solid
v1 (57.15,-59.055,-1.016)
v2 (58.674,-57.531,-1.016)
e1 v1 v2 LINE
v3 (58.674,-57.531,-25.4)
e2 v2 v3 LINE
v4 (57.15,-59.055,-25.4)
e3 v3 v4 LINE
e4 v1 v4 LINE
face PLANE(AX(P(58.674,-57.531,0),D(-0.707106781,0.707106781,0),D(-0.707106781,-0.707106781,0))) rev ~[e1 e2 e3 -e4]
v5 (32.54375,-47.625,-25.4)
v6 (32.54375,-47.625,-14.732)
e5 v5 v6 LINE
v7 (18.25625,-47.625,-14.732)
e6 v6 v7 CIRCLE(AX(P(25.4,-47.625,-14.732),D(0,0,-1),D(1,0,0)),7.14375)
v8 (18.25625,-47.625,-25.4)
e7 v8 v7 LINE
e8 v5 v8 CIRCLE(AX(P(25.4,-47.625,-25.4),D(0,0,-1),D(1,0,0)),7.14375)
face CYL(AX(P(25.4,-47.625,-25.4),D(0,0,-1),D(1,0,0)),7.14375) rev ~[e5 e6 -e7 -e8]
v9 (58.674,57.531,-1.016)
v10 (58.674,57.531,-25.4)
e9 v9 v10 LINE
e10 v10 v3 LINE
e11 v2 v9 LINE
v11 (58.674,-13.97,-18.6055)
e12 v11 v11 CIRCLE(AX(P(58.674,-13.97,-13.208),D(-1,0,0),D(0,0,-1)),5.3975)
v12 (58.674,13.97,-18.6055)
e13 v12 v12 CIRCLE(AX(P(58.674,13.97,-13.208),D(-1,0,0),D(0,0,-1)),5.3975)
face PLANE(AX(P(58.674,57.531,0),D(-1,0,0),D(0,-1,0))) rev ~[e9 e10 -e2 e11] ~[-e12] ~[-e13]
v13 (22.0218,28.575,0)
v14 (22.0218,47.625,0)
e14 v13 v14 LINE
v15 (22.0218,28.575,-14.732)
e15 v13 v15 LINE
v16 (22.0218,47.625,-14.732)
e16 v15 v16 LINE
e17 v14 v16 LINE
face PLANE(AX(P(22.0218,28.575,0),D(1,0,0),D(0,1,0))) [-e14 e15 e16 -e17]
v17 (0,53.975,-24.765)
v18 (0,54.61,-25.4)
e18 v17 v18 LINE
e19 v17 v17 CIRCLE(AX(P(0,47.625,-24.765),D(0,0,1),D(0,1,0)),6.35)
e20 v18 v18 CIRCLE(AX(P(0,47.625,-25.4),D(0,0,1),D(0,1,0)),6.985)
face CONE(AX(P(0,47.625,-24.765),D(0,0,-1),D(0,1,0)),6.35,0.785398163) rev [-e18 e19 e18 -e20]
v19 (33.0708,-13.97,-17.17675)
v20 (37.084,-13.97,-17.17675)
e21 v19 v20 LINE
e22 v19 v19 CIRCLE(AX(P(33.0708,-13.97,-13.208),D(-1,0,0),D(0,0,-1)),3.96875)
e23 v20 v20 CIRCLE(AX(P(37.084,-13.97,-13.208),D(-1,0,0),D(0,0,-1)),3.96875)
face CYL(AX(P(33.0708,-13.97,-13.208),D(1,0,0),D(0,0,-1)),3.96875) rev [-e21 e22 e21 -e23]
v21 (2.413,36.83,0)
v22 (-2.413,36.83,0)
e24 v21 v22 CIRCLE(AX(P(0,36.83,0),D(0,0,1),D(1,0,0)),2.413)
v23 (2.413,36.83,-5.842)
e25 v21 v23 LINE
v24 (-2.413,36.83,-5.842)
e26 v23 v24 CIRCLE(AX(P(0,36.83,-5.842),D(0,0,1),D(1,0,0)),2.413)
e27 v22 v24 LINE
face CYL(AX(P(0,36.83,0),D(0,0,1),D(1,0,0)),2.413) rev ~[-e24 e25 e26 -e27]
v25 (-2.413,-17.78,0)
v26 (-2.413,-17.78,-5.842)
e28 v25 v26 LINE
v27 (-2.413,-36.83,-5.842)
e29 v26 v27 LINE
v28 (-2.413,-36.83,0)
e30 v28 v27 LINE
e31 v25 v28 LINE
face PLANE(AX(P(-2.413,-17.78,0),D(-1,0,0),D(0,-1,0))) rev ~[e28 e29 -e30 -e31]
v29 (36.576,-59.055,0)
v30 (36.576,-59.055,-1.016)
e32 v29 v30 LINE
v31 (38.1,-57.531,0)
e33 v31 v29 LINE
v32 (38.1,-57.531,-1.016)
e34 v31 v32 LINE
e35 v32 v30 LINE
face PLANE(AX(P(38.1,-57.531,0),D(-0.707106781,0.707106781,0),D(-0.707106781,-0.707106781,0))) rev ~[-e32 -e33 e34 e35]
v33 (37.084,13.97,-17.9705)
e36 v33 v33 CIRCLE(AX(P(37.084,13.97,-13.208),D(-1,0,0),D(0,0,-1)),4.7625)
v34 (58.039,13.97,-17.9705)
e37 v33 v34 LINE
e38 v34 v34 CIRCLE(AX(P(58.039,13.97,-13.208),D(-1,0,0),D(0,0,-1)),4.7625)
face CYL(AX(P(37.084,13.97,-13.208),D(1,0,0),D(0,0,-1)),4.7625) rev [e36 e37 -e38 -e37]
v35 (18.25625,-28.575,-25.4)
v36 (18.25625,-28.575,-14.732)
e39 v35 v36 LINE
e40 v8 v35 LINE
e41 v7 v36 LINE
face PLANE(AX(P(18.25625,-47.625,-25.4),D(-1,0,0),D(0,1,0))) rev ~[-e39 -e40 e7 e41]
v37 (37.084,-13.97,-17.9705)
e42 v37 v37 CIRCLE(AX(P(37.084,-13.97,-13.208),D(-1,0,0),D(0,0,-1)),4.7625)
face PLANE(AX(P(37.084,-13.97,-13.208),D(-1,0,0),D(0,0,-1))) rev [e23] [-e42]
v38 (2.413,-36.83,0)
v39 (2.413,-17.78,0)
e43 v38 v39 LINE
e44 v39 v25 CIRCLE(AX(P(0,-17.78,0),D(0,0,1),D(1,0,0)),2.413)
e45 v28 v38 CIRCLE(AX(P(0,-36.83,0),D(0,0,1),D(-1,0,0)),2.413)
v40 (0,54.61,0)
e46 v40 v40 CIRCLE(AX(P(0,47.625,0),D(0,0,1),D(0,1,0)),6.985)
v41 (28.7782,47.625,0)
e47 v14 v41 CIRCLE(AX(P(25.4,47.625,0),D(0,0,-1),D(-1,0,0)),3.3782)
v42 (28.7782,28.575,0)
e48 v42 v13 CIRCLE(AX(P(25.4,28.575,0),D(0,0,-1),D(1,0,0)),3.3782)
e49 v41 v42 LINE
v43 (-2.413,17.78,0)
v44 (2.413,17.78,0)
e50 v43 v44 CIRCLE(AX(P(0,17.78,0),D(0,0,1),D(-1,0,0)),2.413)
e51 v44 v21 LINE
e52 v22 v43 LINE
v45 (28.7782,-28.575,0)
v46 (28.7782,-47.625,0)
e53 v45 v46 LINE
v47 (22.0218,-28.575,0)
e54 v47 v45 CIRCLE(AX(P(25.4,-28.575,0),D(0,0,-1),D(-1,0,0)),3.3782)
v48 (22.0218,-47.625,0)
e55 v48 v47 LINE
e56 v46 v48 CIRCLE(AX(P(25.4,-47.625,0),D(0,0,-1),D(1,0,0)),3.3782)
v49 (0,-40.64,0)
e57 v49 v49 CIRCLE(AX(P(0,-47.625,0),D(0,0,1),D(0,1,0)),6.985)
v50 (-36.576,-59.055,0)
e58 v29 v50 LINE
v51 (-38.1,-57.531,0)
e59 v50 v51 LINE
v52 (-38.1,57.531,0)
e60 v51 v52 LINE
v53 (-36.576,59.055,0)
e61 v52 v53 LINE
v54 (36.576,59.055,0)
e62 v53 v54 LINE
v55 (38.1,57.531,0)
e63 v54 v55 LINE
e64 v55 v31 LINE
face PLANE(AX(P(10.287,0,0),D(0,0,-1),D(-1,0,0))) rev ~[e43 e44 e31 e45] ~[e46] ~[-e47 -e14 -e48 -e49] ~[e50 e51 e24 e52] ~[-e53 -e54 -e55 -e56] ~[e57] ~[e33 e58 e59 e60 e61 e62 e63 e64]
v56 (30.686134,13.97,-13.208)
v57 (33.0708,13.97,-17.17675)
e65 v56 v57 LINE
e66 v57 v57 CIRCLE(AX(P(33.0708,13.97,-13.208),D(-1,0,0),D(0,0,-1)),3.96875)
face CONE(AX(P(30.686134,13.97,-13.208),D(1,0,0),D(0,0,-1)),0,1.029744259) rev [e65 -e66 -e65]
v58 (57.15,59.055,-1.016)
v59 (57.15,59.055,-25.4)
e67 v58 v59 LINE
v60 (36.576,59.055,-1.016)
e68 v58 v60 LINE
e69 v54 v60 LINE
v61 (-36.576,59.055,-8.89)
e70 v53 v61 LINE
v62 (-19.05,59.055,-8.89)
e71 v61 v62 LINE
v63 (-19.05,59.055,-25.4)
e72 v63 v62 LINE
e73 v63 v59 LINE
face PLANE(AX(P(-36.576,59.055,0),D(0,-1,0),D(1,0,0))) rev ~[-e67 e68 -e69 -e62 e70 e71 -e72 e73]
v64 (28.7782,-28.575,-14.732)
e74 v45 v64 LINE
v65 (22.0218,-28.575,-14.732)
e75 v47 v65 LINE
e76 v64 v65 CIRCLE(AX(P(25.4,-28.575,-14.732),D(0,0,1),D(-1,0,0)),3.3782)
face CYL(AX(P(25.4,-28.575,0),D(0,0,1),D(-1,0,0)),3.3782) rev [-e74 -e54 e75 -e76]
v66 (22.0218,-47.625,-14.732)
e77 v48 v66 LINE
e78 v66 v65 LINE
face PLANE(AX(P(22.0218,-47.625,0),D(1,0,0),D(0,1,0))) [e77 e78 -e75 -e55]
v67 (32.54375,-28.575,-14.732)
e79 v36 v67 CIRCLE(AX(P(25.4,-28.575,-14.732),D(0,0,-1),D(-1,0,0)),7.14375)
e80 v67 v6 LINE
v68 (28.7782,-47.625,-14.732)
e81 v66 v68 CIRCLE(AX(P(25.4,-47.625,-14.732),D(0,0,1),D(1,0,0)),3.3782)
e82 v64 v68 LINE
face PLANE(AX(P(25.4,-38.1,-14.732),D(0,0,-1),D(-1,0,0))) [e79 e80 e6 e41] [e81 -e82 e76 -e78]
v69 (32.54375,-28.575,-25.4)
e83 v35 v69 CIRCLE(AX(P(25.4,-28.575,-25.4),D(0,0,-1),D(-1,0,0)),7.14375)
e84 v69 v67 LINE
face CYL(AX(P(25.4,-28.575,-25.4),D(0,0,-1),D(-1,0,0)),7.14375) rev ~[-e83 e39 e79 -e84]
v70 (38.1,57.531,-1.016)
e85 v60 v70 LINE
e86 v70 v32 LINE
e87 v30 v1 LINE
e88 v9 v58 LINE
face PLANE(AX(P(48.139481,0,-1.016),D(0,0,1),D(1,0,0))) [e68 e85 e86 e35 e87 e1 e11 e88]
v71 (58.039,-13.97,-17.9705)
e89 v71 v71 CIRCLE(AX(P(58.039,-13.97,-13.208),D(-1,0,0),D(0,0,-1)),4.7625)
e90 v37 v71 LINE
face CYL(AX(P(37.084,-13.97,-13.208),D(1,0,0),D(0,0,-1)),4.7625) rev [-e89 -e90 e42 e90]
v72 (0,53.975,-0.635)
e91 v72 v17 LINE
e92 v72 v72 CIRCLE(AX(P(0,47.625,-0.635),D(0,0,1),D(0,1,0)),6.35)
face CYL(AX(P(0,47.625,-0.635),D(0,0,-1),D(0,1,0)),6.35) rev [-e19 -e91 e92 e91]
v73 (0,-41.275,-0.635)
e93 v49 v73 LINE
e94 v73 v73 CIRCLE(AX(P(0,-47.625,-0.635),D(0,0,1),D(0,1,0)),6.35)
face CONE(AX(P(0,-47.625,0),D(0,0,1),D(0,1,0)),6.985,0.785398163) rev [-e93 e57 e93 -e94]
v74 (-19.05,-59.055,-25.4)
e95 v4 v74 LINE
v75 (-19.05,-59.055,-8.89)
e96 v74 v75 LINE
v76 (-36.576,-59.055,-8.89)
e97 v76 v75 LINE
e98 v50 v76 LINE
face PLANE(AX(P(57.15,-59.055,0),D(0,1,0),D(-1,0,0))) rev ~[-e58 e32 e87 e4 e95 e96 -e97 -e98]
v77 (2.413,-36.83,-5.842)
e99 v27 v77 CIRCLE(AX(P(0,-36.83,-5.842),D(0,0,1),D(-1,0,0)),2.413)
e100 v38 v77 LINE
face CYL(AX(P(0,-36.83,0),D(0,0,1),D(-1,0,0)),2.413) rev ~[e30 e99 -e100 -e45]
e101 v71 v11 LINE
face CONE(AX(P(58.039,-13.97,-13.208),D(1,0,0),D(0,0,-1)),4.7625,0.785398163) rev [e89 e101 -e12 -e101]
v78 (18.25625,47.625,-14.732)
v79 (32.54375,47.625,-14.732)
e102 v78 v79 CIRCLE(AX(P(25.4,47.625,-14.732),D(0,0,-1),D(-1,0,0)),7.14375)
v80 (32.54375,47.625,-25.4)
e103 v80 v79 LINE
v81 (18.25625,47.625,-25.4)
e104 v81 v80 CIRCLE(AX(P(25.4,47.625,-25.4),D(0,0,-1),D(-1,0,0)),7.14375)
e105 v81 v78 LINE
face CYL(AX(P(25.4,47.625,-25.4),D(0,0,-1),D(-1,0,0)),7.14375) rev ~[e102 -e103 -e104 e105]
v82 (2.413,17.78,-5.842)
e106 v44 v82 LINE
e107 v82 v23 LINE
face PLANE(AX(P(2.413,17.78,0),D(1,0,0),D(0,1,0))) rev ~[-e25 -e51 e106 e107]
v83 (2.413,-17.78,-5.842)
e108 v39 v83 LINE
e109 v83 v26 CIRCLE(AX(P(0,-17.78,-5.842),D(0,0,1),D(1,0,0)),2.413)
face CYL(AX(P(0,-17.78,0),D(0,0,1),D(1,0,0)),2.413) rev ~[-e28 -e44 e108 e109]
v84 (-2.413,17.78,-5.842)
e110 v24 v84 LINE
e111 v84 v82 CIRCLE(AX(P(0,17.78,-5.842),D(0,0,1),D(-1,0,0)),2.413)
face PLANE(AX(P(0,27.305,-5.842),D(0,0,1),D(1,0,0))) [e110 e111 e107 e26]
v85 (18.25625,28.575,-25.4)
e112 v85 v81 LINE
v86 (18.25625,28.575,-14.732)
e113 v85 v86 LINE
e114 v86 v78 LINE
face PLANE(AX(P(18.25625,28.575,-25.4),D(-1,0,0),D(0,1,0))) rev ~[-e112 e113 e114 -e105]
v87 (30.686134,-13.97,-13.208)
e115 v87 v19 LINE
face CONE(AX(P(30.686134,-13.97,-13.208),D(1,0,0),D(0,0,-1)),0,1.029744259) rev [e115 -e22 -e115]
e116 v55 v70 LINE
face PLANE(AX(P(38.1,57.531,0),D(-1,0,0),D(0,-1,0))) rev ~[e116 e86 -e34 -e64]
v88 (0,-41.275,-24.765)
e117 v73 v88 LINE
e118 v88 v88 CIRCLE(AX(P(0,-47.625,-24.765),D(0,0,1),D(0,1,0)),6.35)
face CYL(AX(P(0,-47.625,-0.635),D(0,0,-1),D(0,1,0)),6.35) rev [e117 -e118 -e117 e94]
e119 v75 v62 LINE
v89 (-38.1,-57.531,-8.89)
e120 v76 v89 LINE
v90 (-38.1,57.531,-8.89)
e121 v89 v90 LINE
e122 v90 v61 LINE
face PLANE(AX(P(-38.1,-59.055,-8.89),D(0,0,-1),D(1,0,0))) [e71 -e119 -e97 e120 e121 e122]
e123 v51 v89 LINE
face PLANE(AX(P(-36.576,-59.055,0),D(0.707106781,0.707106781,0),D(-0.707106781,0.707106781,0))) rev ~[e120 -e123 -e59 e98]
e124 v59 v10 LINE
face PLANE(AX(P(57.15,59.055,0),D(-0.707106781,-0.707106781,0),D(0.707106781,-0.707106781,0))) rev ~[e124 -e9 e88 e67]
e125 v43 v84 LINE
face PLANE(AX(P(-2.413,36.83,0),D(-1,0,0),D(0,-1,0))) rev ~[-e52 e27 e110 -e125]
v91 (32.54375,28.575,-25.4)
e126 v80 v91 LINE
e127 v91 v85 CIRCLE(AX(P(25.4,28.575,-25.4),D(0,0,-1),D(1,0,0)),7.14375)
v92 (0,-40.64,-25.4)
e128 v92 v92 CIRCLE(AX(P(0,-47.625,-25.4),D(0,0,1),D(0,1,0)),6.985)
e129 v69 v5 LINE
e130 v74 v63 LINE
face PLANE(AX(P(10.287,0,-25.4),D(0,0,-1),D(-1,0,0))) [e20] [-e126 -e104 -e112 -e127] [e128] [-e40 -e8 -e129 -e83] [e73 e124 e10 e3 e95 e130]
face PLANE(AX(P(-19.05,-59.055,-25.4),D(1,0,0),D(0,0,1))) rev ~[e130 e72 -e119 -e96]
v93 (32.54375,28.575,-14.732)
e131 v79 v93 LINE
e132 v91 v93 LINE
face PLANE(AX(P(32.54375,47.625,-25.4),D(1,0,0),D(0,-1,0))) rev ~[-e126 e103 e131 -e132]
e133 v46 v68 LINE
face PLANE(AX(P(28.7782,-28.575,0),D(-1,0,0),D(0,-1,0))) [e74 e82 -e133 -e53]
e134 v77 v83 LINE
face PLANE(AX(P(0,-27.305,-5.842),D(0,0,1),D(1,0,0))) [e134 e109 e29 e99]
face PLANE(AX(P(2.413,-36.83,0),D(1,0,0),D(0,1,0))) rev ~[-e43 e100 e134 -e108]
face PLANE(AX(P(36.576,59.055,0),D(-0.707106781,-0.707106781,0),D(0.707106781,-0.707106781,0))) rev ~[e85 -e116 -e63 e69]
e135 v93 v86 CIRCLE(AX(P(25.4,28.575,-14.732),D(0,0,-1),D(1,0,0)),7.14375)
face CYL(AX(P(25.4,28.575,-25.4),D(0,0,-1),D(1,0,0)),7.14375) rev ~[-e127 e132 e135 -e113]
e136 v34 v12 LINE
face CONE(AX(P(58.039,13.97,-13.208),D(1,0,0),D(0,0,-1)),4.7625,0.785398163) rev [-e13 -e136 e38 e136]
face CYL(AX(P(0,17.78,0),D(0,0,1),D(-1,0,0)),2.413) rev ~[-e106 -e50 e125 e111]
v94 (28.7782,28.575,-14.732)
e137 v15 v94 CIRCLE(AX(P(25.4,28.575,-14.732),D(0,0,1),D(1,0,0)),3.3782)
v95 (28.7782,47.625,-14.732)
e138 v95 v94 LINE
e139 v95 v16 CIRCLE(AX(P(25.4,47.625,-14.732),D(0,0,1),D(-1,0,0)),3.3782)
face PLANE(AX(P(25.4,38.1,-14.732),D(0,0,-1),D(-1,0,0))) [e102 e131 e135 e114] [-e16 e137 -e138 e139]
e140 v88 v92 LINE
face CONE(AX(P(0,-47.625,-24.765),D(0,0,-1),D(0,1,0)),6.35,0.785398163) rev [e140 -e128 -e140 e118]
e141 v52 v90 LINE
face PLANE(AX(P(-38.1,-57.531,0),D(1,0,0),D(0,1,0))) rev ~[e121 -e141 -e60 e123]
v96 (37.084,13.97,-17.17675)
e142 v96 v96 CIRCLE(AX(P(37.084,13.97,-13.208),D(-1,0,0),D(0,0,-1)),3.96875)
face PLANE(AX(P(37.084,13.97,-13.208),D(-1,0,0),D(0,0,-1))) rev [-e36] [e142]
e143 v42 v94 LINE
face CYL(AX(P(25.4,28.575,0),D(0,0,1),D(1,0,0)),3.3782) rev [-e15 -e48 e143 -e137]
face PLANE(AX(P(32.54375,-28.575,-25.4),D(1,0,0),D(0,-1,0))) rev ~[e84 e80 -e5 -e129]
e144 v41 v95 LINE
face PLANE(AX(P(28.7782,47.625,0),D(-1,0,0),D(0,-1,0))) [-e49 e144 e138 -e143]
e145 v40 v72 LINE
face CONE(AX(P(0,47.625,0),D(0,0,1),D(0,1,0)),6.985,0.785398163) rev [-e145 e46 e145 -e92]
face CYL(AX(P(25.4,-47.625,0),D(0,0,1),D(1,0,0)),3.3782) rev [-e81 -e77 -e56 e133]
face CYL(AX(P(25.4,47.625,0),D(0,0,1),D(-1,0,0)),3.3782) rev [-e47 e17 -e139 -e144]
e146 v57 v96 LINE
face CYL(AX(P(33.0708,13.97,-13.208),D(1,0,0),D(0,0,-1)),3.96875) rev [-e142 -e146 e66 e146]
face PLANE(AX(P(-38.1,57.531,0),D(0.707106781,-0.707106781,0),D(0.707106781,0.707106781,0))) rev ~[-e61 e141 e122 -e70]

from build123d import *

# Parameters (mm, degrees)
BOSS_EXTRUDE1_DEPTH              = 25.4
F_1_2_13_TAPPED_HOLE1_AT_2_COUNT = 2
F_1_2_13_TAPPED_HOLE1_AT_2_PITCH = 95.25
CUT_EXTRUDE1_DEPTH               = 5.842
CUT_EXTRUDE2_DEPTH               = 1.016
F_3_8_16_TAPPED_HOLE1_AT_2_COUNT = 2
F_3_8_16_TAPPED_HOLE1_AT_2_PITCH = 27.94
CUT_EXTRUDE3_DEPTH               = 26.4
CUT_EXTRUDE4_DEPTH               = 10.668
SKETCH15_W                       = 19.05
SKETCH15_H                       = 16.51
CUT_EXTRUDE5_DEPTH               = 119.11


with BuildPart() as part:
    # Sketch6 → Boss-Extrude1 (new body)
    with BuildSketch(Plane.XY):
        Polygon((-36.576, 59.055), (57.15, 59.055), (58.674, 57.531), (58.674, -57.531), (57.15, -59.055), (-36.576, -59.055), (-38.1, -57.531), (-38.1, 57.531), align=None)
    extrude(amount=-BOSS_EXTRUDE1_DEPTH)

    # Sketch7 → 1/2-13 Tapped Hole1 (revolve, cut)
    with BuildSketch(Plane(origin=(0, 47.625, -25.4), x_dir=(0, 1, 0), z_dir=(1, 0, 0))):
        Polygon((0, 0), (0, 25.4), (6.985, 25.4), (6.35, 24.765), (6.35, 0.635), (6.985, 0), align=None)
    f_1_2_13_tapped_hole1 = revolve(axis=Axis((0, 47.625, -31.75), (0, 0, 1)), mode=Mode.SUBTRACT)

    # 1/2-13 Tapped Hole1 at 2: 1/2-13 Tapped Hole1 ×2
    with Locations(*[(0, -i * F_1_2_13_TAPPED_HOLE1_AT_2_PITCH, 0) for i in range(1, F_1_2_13_TAPPED_HOLE1_AT_2_COUNT)]):
        add(f_1_2_13_tapped_hole1, mode=Mode.SUBTRACT)

    # Sketch9 → Cut-Extrude1 (cut)
    with BuildSketch(Plane(origin=(0, 0, 0), x_dir=(-1, 0, 0), z_dir=(0, 0, -1))):
        with BuildLine():
            Line((-2.413, 17.78), (-2.413, 36.83))
            ThreePointArc((-2.413, 36.83), (0, 39.243), (2.413, 36.83))
            Line((2.413, 36.83), (2.413, 17.78))
            ThreePointArc((2.413, 17.78), (0, 15.367), (-2.413, 17.78))
        make_face()
        with BuildLine():
            Line((2.413, -17.78), (2.413, -36.83))
            ThreePointArc((2.413, -36.83), (0, -39.243), (-2.413, -36.83))
            Line((-2.413, -36.83), (-2.413, -17.78))
            ThreePointArc((-2.413, -17.78), (0, -15.367), (2.413, -17.78))
        make_face()
    extrude(amount=CUT_EXTRUDE1_DEPTH, mode=Mode.SUBTRACT)

    # Sketch12 → Cut-Extrude2 (cut)
    with BuildSketch(Plane.XY):
        Polygon((38.1, 57.531), (38.1, -57.531), (36.576, -59.055), (57.15, -59.055), (58.674, -57.531), (58.674, 57.531), (57.15, 59.055), (36.576, 59.055), align=None)
    extrude(amount=-CUT_EXTRUDE2_DEPTH, mode=Mode.SUBTRACT)

    # Sketch10 → 3/8-16 Tapped Hole1 (revolve, cut)
    with BuildSketch(Plane(origin=(58.674, 13.97, -13.208), x_dir=(0, 0, -1), z_dir=(0, 1, 0))):
        Polygon((0, 0), (0, 27.987865582), (3.96875, 25.6032), (3.96875, 21.59), (4.7625, 21.59), (4.7625, 0.635), (5.3975, 0), align=None)
    f_3_8_16_tapped_hole1 = revolve(axis=Axis((65.024, 13.97, -13.208), (-1, 0, 0)), mode=Mode.SUBTRACT)

    # 3/8-16 Tapped Hole1 at 2: 3/8-16 Tapped Hole1 ×2
    with Locations(*[(0, -i * F_3_8_16_TAPPED_HOLE1_AT_2_PITCH, 0) for i in range(1, F_3_8_16_TAPPED_HOLE1_AT_2_COUNT)]):
        add(f_3_8_16_tapped_hole1, mode=Mode.SUBTRACT)

    # Sketch13 → Cut-Extrude3 (cut, through all)
    with BuildSketch(Plane.XY):
        with BuildLine():
            Line((28.7782, 47.625), (28.7782, 28.575))
            ThreePointArc((28.7782, 28.575), (25.4, 25.1968), (22.0218, 28.575))
            Line((22.0218, 28.575), (22.0218, 47.625))
            ThreePointArc((22.0218, 47.625), (25.4, 51.0032), (28.7782, 47.625))
        make_face()
        with BuildLine():
            Line((28.7782, -28.575), (28.7782, -47.625))
            ThreePointArc((28.7782, -47.625), (25.4, -51.0032), (22.0218, -47.625))
            Line((22.0218, -47.625), (22.0218, -28.575))
            ThreePointArc((22.0218, -28.575), (25.4, -25.1968), (28.7782, -28.575))
        make_face()
    extrude(amount=-CUT_EXTRUDE3_DEPTH, mode=Mode.SUBTRACT)

    # Sketch14 → Cut-Extrude4 (cut)
    with BuildSketch(Plane.XY.offset(-25.4)):
        with BuildLine():
            Line((32.54375, 47.625), (32.54375, 28.575))
            ThreePointArc((32.54375, 28.575), (25.4, 21.43125), (18.25625, 28.575))
            Line((18.25625, 28.575), (18.25625, 47.625))
            ThreePointArc((18.25625, 47.625), (25.4, 54.76875), (32.54375, 47.625))
        make_face()
        with BuildLine():
            Line((32.54375, -28.575), (32.54375, -47.625))
            ThreePointArc((32.54375, -47.625), (25.4, -54.76875), (18.25625, -47.625))
            Line((18.25625, -47.625), (18.25625, -28.575))
            ThreePointArc((18.25625, -28.575), (25.4, -21.43125), (32.54375, -28.575))
        make_face()
    extrude(amount=CUT_EXTRUDE4_DEPTH, mode=Mode.SUBTRACT)

    # Sketch15 → Cut-Extrude5 (cut, through all)
    with BuildSketch(Plane.XZ.offset(59.055)):
        with Locations((-28.575, -17.145)):
            Rectangle(SKETCH15_W, SKETCH15_H)
    extrude(amount=-CUT_EXTRUDE5_DEPTH, mode=Mode.SUBTRACT)


solid = part.part
